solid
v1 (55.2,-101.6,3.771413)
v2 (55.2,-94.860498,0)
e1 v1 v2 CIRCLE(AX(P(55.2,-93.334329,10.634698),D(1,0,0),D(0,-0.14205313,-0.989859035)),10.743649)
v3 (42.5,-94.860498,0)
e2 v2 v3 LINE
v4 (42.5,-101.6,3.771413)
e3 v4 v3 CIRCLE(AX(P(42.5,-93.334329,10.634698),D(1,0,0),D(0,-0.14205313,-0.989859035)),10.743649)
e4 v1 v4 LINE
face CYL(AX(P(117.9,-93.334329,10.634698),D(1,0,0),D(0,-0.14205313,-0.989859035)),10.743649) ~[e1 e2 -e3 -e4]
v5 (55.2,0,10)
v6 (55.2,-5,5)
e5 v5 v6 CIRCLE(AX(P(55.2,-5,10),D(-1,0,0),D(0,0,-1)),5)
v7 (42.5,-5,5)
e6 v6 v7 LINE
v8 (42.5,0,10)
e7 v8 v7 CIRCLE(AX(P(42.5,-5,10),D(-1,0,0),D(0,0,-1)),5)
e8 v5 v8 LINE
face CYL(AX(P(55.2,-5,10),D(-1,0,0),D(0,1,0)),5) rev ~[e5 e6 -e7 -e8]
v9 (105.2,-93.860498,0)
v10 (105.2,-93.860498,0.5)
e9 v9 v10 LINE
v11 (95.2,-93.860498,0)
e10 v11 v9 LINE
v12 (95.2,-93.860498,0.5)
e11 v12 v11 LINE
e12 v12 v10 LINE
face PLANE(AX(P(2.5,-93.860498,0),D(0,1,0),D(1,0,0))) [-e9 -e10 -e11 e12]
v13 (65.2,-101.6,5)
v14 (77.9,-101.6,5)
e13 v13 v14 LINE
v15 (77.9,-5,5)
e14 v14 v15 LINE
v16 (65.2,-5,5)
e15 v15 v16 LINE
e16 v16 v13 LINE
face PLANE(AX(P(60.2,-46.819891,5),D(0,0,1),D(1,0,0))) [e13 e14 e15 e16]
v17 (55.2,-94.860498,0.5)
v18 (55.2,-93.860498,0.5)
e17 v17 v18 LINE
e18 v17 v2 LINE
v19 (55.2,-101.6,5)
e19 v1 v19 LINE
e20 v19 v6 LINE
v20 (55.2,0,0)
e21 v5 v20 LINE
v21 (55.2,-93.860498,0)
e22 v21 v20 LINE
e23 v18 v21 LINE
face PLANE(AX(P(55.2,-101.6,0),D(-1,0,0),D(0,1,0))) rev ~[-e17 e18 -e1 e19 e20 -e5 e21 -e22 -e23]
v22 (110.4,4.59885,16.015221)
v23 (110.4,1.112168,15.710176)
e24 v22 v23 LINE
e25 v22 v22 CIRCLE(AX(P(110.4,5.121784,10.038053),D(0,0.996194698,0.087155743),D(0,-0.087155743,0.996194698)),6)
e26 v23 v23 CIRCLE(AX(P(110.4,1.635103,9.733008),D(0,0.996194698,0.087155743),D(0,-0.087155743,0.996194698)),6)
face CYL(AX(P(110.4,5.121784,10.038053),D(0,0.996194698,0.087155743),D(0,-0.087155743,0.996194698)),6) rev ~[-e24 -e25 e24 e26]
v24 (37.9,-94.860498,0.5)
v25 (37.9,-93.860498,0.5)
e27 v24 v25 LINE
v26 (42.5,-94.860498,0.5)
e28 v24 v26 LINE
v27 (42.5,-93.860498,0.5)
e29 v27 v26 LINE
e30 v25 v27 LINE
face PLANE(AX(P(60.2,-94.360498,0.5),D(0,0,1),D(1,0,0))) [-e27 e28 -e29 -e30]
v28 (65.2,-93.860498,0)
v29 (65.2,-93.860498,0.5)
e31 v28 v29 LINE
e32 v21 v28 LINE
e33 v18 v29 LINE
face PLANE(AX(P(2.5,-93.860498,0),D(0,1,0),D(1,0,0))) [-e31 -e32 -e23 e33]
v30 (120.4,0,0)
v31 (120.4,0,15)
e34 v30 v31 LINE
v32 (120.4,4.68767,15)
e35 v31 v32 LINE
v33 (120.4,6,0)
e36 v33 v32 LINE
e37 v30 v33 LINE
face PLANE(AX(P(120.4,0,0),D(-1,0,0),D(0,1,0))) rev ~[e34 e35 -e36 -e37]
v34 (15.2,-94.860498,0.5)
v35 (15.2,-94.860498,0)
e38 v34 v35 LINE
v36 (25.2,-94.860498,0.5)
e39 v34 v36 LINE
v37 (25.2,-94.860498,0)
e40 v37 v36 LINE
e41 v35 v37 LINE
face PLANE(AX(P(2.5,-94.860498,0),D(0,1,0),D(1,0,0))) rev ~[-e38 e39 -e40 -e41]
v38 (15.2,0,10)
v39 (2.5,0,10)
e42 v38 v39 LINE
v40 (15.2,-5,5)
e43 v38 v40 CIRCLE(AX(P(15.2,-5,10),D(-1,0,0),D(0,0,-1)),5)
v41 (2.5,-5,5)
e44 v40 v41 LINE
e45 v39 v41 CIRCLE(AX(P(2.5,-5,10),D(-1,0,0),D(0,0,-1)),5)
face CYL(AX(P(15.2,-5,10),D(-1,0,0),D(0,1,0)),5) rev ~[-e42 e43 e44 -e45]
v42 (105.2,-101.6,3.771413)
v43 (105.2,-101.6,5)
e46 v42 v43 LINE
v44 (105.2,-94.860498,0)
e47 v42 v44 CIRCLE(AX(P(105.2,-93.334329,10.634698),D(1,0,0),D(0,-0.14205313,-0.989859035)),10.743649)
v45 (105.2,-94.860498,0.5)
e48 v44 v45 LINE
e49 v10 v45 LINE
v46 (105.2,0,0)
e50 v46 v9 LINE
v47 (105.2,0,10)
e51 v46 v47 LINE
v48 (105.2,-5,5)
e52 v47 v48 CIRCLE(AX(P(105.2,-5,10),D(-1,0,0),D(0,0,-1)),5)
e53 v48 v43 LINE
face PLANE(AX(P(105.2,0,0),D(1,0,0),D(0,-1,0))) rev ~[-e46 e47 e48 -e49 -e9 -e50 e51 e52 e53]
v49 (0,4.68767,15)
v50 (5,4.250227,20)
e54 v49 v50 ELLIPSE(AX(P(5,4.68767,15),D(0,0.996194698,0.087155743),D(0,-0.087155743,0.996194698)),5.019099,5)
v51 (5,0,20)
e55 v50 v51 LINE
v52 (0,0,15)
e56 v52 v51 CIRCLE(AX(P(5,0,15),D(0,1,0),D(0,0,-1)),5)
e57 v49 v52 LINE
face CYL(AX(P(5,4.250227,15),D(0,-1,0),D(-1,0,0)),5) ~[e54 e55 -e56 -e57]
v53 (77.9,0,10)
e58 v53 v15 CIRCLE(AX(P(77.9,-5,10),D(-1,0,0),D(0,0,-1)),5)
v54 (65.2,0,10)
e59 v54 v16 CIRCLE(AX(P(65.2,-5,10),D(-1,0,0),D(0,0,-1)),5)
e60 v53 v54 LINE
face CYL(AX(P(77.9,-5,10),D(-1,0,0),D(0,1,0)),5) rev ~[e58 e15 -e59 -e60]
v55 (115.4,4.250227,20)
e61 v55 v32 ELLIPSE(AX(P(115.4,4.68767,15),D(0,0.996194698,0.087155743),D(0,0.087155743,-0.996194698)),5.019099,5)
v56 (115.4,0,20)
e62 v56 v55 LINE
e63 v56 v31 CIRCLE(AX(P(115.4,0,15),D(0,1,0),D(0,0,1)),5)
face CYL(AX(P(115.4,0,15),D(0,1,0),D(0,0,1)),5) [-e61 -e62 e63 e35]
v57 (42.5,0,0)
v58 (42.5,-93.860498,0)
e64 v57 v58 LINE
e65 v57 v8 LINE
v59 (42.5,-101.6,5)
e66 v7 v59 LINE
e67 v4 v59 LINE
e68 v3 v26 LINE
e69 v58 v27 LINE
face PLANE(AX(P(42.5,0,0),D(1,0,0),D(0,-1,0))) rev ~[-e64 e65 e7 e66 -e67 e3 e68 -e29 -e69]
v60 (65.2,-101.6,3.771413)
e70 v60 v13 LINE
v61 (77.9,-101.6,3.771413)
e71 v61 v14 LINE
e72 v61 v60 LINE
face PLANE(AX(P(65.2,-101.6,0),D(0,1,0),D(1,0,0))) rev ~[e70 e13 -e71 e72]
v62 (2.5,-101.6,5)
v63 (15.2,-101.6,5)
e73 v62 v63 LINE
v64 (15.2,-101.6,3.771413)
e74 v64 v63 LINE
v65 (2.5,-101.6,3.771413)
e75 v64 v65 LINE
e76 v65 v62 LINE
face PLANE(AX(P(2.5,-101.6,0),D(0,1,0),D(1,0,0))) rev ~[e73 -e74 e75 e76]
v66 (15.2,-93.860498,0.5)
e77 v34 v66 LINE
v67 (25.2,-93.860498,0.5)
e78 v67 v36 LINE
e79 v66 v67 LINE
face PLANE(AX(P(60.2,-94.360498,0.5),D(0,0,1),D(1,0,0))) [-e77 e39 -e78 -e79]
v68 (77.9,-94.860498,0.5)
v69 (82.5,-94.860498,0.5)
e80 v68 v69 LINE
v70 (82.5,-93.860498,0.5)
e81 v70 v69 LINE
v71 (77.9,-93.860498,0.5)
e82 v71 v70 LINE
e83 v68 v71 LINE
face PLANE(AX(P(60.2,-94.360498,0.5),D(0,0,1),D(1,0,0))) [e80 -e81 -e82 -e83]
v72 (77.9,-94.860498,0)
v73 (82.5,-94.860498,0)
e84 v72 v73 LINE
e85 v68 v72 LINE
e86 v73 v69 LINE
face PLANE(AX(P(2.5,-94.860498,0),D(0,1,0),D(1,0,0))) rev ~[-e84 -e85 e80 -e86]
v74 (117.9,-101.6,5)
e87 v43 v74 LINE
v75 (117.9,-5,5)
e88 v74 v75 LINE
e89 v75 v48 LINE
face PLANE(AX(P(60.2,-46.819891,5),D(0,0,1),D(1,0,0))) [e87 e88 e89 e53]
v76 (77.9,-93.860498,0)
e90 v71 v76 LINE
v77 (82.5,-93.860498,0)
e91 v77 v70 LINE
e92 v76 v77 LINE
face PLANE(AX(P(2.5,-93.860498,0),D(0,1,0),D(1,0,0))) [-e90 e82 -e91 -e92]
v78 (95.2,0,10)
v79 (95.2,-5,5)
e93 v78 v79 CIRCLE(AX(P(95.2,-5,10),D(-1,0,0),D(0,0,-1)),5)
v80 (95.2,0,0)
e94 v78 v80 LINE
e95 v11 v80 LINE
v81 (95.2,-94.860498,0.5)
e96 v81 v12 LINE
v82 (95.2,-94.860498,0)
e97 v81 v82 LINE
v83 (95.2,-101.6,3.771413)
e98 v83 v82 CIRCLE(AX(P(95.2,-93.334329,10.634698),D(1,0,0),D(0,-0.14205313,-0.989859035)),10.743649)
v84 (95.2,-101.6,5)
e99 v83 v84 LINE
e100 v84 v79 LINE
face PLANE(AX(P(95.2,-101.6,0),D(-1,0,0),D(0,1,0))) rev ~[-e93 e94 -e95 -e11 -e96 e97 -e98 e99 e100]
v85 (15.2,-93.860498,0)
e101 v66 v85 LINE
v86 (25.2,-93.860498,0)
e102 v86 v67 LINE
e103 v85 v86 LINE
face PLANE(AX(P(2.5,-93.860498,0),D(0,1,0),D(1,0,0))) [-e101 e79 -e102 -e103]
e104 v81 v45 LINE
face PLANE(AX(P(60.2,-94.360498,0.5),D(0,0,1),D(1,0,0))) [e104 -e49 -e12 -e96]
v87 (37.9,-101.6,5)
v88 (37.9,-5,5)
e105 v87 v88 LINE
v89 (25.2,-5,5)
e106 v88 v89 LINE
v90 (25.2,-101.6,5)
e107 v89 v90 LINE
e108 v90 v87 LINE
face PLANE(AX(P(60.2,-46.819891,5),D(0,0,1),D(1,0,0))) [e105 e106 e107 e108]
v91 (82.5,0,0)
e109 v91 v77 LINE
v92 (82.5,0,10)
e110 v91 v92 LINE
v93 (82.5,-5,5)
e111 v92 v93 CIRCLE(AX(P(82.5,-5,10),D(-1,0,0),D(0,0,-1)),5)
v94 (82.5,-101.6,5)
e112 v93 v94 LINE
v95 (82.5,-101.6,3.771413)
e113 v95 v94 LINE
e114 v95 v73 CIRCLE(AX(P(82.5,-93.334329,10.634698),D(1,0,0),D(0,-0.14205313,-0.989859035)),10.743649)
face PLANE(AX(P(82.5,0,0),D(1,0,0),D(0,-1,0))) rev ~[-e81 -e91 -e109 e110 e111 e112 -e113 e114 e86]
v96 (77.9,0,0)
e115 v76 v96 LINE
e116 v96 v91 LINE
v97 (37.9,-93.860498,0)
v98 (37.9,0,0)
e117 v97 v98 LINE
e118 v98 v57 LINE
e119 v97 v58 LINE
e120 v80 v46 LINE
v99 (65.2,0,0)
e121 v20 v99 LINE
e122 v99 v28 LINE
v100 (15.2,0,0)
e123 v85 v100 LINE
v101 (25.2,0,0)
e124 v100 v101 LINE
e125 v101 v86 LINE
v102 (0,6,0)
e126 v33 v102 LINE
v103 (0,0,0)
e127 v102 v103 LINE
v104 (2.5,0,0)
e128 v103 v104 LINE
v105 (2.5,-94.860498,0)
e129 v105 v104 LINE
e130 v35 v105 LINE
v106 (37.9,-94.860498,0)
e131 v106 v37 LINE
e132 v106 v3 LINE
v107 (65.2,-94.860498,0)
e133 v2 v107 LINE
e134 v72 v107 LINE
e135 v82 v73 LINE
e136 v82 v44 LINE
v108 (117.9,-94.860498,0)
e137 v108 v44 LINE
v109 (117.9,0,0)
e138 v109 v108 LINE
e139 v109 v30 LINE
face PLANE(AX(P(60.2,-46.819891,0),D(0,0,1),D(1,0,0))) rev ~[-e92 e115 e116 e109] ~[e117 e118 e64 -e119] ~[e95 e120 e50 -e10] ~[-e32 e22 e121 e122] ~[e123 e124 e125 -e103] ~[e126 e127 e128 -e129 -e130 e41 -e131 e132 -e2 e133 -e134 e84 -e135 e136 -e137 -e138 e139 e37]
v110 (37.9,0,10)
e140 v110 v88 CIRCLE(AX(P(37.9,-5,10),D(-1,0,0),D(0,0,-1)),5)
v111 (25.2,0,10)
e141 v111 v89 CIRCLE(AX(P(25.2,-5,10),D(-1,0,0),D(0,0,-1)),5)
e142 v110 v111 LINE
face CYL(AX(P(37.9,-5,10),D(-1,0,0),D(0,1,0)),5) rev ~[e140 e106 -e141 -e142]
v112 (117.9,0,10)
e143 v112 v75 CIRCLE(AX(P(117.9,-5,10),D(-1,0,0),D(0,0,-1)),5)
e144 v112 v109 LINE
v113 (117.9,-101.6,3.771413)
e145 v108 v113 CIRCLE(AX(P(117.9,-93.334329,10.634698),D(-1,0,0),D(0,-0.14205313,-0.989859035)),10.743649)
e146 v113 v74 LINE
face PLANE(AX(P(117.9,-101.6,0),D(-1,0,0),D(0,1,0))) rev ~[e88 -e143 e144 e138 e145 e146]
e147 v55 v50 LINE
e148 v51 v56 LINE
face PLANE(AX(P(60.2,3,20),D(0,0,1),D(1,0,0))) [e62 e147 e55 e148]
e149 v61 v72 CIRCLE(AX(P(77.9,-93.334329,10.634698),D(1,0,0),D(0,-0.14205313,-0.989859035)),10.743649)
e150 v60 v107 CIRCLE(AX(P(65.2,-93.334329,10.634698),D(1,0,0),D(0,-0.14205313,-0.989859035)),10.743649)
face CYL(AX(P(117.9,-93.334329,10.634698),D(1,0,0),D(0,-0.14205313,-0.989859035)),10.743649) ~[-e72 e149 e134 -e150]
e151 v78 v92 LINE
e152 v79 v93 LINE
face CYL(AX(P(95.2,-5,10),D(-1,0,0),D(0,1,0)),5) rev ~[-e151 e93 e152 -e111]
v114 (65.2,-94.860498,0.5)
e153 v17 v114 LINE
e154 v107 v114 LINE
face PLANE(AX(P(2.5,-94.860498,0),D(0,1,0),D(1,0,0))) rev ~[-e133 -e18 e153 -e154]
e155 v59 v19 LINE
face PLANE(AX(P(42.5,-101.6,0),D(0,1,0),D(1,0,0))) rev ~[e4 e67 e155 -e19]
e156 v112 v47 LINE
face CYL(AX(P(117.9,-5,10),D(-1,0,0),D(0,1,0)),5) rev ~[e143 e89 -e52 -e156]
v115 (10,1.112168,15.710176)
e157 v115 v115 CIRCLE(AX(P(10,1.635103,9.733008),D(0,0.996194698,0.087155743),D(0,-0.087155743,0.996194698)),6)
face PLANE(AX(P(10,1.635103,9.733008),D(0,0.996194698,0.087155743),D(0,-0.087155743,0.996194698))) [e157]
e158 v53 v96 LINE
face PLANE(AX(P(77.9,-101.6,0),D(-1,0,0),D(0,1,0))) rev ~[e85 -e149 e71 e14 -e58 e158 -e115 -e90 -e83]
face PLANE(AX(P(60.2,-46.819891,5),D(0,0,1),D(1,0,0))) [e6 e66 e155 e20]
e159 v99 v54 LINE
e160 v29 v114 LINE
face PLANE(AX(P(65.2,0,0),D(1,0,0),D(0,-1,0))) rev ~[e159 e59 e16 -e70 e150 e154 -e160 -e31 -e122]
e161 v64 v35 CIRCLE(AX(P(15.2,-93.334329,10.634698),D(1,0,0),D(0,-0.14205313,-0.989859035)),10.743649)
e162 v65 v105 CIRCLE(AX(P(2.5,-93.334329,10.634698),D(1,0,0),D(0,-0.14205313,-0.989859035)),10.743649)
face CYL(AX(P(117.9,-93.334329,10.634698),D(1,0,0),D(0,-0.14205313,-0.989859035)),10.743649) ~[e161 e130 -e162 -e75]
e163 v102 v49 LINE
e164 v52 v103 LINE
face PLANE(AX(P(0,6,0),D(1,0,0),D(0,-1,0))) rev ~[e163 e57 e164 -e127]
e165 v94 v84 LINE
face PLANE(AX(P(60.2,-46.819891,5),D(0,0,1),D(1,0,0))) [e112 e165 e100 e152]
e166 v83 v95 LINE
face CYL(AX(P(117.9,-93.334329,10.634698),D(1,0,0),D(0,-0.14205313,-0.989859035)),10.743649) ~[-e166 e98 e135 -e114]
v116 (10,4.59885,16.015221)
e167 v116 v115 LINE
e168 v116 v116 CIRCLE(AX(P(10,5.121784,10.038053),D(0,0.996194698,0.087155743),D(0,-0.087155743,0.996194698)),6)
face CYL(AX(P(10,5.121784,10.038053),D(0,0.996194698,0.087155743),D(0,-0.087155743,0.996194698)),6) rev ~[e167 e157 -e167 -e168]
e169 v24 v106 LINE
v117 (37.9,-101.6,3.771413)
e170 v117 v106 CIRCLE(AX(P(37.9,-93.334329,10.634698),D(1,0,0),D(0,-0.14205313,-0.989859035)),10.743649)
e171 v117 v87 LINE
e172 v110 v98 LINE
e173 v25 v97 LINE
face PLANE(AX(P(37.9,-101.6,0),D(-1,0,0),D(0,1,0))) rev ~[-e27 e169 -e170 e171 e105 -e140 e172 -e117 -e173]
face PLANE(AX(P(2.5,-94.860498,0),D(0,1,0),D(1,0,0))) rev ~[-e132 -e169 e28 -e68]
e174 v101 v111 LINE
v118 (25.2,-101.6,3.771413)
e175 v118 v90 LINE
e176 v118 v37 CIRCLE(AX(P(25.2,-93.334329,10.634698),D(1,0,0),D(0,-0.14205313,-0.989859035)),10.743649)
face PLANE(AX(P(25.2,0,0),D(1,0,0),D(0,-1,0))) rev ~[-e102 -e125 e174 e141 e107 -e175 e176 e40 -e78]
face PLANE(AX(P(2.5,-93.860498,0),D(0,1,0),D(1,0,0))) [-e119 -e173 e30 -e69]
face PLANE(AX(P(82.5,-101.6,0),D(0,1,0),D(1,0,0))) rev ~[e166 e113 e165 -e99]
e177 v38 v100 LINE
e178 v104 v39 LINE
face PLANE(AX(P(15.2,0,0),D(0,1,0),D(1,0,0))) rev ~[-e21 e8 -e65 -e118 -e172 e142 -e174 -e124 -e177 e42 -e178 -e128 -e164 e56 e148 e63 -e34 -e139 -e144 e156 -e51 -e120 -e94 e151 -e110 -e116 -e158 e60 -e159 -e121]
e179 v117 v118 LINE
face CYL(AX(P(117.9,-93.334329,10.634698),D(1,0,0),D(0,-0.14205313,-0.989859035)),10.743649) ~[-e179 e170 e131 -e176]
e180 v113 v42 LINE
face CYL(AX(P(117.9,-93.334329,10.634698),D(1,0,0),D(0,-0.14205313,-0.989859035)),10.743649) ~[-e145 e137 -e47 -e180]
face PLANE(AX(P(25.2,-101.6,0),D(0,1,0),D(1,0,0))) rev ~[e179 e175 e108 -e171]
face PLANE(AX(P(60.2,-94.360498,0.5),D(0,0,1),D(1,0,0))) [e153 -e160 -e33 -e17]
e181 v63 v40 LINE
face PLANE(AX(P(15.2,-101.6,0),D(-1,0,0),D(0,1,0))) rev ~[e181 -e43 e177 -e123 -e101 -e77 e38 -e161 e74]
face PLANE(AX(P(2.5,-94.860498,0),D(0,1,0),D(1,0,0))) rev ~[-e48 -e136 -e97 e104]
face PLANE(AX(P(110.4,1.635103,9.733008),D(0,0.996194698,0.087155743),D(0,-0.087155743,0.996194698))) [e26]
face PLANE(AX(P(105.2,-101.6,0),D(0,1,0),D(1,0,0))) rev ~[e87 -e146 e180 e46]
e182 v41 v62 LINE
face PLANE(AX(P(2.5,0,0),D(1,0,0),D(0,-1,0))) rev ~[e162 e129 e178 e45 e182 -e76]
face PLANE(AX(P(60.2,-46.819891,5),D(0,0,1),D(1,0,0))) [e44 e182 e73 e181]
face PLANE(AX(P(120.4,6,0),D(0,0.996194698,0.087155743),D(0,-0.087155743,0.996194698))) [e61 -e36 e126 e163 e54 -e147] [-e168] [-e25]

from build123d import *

# Parameters (mm, degrees)
BOSS_EXTRUDE1_DEPTH = 5
BOSS_EXTRUDE2_DEPTH = 20
CUT_EXTRUDE1_DEPTH  = 157.917080014
FILLET1_R           = 5
CUT_EXTRUDE6_DEPTH  = 159.804030176
SKETCH5_R           = 6
CUT_EXTRUDE7_DEPTH  = 3.5
FILLET2_R           = 5
SKETCH6_W           = 115.4
SKETCH6_H           = 1
BOSS_EXTRUDE3_DEPTH = 0.5


with BuildPart() as part:
    # Sketch1 → Boss-Extrude1 (new body)
    with BuildSketch(Plane.XY):
        Polygon((25.2, 0), (25.2, -101.6), (37.9, -101.6), (37.9, 0), (42.5, 0), (42.5, -101.6), (55.2, -101.6), (55.2, 0), (65.2, 0), (65.2, -101.6), (77.9, -101.6), (77.9, 0), (82.5, 0), (82.5, -101.6), (95.2, -101.6), (95.2, 0), (105.2, 0), (105.2, -101.6), (117.9, -101.6), (117.9, 0), (120.4, 0), (120.4, 6), (0, 6), (0, 0), (2.5, 0), (2.5, -101.6), (15.2, -101.6), (15.2, 0), align=None)
    extrude(amount=BOSS_EXTRUDE1_DEPTH)

    # Sketch1<3> → Boss-Extrude2 (add)
    with BuildSketch(Plane.XY):
        Polygon((15.2, 0), (25.2, 0), (37.9, 0), (42.5, 0), (55.2, 0), (65.2, 0), (77.9, 0), (82.5, 0), (95.2, 0), (105.2, 0), (117.9, 0), (120.4, 0), (120.4, 6), (0, 6), (0, 0), (2.5, 0), align=None)
    extrude(amount=BOSS_EXTRUDE2_DEPTH)

    # Sketch2 → Cut-Extrude1 (cut, through all)
    with BuildSketch(Plane(origin=(117.9, 0, 0), x_dir=(0, 0, -1), z_dir=(1, 0, 0))):
        with BuildLine():
            Line((-3.771412758, -101.6), (0, -101.6))
            Line((0, -101.6), (0, -94.860498406))
            ThreePointArc((0, -94.860498406), (-1.259194033, -98.580844365), (-3.771412758, -101.6))
        make_face()
    extrude(amount=-CUT_EXTRUDE1_DEPTH, mode=Mode.SUBTRACT)

    # Fillet1
    fillet1_edges = [part.edges().sort_by_distance(p)[0] for p in [
        (8.85, 0, 5),
        (31.55, 0, 5),
        (48.85, 0, 5),
        (71.55, 0, 5),
        (88.85, 0, 5),
        (111.55, 0, 5),
    ]]
    fillet(fillet1_edges, radius=FILLET1_R)

    # Sketch4 → Cut-Extrude6 (cut, through all)
    with BuildSketch(Plane(origin=(120.4, 0, 0), x_dir=(0, 0, -1), z_dir=(1, 0, 0))):
        Polygon((0, 6), (-20, 4.250226729), (-20, 6), align=None)
    extrude(amount=-CUT_EXTRUDE6_DEPTH, mode=Mode.SUBTRACT)

    # Sketch5 → Cut-Extrude7 (cut)
    with BuildSketch(Plane(origin=(0, 5.954423259, 0.520944533), x_dir=(1, 0, 0), z_dir=(0, 0.9961946980917462, 0.08715574274765159))):
        with Locations(Location((110.4, -9.553462294, 0), (0, 0, 270))):
            Circle(SKETCH5_R)
        with Locations(Location((10, -9.553462294, 0), (0, 0, 270))):
            Circle(SKETCH5_R)
    extrude(amount=-CUT_EXTRUDE7_DEPTH, mode=Mode.SUBTRACT)

    # Fillet2
    fillet2_edges = [part.edges().sort_by_distance(p)[0] for p in [
        (0, 2.125113365, 20),
        (120.4, 2.125113365, 20),
    ]]
    fillet(fillet2_edges, radius=FILLET2_R)

    # Sketch6 → Boss-Extrude3 (add)
    with BuildSketch(Plane.XY):
        with Locations((60.2, -94.360498406)):
            Rectangle(SKETCH6_W, SKETCH6_H)
    extrude(amount=BOSS_EXTRUDE3_DEPTH)


solid = part.part
